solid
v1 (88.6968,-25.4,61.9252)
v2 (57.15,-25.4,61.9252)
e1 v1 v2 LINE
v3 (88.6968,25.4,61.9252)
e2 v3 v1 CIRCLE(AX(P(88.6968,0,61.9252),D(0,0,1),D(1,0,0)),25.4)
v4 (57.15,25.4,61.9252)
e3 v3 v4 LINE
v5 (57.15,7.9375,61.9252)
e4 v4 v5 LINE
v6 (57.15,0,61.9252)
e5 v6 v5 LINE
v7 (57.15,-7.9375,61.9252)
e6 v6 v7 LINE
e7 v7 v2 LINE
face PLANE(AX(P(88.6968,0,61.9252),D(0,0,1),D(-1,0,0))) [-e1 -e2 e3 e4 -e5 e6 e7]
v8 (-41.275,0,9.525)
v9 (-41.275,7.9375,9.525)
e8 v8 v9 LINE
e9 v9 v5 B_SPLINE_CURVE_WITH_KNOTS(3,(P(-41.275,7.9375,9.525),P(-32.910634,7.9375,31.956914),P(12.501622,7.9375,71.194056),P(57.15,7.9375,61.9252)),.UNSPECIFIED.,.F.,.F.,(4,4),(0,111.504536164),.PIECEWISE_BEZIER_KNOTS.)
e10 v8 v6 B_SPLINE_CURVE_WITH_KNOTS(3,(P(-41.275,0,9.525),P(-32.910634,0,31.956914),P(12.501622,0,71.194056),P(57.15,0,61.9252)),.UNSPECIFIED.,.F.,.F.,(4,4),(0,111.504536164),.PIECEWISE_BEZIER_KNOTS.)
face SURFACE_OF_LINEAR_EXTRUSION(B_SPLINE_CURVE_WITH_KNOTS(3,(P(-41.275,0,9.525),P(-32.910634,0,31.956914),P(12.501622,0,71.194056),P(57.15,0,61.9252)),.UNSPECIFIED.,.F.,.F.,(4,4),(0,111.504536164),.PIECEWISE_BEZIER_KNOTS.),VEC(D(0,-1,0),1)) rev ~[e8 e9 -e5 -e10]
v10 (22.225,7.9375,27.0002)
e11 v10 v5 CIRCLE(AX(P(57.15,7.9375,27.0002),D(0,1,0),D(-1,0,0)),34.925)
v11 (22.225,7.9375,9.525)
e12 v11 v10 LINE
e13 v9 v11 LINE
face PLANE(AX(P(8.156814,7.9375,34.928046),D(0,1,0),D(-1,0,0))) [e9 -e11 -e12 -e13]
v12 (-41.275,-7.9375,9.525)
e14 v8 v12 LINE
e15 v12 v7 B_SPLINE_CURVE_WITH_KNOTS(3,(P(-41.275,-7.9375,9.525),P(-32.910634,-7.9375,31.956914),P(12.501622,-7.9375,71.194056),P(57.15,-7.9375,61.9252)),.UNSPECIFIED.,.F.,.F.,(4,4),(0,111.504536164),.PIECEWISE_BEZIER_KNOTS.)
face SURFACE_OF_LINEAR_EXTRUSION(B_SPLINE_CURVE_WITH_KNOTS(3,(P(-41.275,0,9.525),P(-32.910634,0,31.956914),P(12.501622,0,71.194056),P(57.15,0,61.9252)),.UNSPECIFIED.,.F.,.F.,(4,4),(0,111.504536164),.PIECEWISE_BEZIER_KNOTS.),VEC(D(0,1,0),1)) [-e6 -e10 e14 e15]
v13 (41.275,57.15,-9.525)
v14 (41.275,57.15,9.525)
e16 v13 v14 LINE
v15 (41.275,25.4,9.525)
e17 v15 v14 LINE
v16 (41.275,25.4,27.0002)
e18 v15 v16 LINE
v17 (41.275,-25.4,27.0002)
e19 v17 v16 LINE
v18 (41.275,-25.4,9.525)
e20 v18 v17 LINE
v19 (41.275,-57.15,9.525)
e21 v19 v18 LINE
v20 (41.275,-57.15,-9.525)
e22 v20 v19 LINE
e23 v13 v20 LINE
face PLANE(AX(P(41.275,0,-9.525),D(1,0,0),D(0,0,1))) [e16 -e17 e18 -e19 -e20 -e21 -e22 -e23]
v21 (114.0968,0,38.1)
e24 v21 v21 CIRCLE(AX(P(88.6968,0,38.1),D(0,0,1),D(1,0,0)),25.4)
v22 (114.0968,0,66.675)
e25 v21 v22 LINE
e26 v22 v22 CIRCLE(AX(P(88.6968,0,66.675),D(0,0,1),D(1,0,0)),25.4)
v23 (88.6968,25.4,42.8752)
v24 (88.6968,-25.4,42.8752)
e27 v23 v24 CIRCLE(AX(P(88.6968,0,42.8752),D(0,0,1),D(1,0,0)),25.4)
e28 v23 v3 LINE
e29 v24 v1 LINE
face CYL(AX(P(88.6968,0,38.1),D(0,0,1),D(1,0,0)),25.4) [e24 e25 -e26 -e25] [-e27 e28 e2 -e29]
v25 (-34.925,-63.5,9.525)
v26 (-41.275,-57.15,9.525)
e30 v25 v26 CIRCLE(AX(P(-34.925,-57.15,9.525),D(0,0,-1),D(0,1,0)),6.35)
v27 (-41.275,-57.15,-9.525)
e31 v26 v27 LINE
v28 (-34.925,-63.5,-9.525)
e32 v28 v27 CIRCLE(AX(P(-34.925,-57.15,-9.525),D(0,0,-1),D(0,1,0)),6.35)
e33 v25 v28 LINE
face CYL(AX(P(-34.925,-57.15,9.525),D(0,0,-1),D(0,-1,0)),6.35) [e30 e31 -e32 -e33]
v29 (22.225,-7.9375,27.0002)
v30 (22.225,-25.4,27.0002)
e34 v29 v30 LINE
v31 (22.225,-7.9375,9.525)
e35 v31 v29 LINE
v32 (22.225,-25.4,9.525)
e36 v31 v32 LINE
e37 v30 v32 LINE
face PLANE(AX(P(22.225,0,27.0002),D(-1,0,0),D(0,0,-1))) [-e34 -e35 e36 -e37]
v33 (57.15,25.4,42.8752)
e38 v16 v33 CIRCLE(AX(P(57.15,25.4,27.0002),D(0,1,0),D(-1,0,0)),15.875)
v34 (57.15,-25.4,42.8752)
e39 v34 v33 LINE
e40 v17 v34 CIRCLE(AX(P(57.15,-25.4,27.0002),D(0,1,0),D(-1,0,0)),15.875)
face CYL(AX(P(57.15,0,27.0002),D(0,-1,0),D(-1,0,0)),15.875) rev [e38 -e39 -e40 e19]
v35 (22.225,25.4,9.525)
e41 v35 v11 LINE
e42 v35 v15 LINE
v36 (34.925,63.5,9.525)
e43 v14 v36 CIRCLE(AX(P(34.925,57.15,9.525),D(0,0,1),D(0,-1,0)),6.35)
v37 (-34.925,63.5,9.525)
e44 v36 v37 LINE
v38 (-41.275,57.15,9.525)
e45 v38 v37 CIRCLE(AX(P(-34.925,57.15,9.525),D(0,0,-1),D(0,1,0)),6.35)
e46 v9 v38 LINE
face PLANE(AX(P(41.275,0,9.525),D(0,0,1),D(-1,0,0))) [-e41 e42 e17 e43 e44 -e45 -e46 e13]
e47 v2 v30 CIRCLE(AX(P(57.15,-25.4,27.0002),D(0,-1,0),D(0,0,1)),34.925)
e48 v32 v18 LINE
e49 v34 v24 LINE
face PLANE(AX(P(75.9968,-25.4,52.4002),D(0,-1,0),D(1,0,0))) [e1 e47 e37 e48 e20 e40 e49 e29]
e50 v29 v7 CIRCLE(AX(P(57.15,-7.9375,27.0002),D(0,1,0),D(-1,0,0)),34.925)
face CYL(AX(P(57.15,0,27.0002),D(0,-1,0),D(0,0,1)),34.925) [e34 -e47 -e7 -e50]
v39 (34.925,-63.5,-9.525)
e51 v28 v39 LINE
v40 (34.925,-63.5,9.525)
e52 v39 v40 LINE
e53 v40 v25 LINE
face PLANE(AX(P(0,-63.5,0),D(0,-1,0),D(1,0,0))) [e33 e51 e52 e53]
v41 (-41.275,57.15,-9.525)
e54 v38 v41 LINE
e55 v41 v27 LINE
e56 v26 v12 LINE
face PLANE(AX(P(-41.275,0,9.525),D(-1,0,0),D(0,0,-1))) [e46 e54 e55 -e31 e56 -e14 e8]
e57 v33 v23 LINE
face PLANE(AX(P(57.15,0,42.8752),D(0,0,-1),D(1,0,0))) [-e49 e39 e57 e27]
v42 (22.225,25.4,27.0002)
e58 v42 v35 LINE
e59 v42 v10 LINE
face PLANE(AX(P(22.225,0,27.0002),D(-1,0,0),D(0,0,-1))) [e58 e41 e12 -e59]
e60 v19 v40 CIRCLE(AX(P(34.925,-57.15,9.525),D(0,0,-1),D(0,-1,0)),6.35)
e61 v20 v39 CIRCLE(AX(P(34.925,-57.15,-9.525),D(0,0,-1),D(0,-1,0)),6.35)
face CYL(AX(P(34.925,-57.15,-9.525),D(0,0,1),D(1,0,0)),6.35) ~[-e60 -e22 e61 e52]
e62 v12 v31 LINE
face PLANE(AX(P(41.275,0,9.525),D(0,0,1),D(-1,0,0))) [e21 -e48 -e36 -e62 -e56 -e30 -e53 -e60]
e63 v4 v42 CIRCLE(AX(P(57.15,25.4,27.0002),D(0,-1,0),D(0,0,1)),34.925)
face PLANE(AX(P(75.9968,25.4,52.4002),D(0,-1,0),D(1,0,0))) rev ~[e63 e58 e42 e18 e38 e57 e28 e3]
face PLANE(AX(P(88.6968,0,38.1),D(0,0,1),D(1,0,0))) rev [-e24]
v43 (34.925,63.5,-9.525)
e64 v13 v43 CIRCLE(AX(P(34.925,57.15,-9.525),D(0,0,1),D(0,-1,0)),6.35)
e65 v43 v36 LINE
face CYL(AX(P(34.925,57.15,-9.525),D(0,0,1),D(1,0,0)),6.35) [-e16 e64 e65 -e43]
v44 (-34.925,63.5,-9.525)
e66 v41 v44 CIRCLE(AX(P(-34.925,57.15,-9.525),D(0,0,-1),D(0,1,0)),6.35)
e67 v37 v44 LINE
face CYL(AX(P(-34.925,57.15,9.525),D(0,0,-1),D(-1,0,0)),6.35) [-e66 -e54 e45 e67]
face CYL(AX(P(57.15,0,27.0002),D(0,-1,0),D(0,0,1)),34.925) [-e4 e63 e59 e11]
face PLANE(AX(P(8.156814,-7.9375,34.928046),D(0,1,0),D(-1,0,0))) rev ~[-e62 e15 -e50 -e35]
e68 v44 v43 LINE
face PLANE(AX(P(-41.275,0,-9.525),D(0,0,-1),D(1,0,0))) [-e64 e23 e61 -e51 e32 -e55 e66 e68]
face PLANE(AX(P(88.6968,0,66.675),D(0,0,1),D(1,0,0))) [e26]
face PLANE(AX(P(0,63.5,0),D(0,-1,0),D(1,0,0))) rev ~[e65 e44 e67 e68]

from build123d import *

# Parameters (mm, degrees)
F1_DEPTH = 63.5
F0_W     = 25.4
F0_H     = 19.05
F2_DEPTH = 25.4
F3_DEPTH = 7.9375
F5_R     = 6.35


with BuildPart() as f1:
    # F0 (on Front) → F1 (new body, symmetric)
    with BuildSketch(Plane.XZ):
        Polygon((-41.275, 9.525), (-41.275, -9.525), (41.275, -9.525), (41.275, 9.525), (22.225, 9.525), align=None)
    extrude(amount=F1_DEPTH, both=True)

    # F0 (on Front) → F2 (join, symmetric)
    with BuildSketch(Plane.XZ):
        with Locations((75.9968, 52.4002)):
            Rectangle(F0_W, F0_H)
        with BuildLine():
            Line((22.225, 9.525), (41.275, 9.525))
            Line((41.275, 9.525), (41.275, 27.0002))
            ThreePointArc((41.275, 27.0002), (45.9246798487, 38.2255201513), (57.15, 42.8752))
            Line((57.15, 42.8752), (63.2968, 42.8752))
            Line((63.2968, 42.8752), (63.2968, 61.9252))
            Line((63.2968, 61.9252), (57.15, 61.9252))
            ThreePointArc((57.15, 61.9252), (32.4542956671, 51.6959043329), (22.225, 27.0002))
            Line((22.225, 27.0002), (22.225, 9.525))
        make_face()
    extrude(amount=F2_DEPTH, both=True)

    # F0 (on Front) → F3 (join, symmetric)
    with BuildSketch(Plane.XZ):
        with BuildLine():
            add(Edge.make_bspline(
                [(-41.275, 9.525), (-32.9106339345, 31.9569138645), (12.5016221459, 71.1940555749), (57.15, 61.9252)],
                knots=[0, 0, 0, 0, 111.5045361635, 111.5045361635, 111.5045361635, 111.5045361635], degree=3))
            Line((-41.275, 9.525), (22.225, 9.525))
            Line((22.225, 9.525), (22.225, 27.0002))
            ThreePointArc((22.225, 27.0002), (32.4542956671, 51.6959043329), (57.15, 61.9252))
        make_face()
    extrude(amount=F3_DEPTH, both=True)

    # F0 (on Front) → F4 (revolve)
    with BuildSketch(Plane.XZ):
        Polygon((88.6968, 66.675), (88.6968, 61.9252), (88.6968, 42.8752), (88.6968, 38.1), (114.0968, 38.1), (114.0968, 66.675), align=None)
    revolve(axis=Axis((88.6968, 0, 52.3875), (0, 0, 1)))

    # F5
    f5_edges = [f1.edges().sort_by_distance(p)[0] for p in [
        (41.275, 63.5, 0),
        (-41.275, -63.5, 0),
        (-41.275, 63.5, 0),
        (41.275, -63.5, 0),
    ]]
    fillet(f5_edges, radius=F5_R)


solid = f1.part
